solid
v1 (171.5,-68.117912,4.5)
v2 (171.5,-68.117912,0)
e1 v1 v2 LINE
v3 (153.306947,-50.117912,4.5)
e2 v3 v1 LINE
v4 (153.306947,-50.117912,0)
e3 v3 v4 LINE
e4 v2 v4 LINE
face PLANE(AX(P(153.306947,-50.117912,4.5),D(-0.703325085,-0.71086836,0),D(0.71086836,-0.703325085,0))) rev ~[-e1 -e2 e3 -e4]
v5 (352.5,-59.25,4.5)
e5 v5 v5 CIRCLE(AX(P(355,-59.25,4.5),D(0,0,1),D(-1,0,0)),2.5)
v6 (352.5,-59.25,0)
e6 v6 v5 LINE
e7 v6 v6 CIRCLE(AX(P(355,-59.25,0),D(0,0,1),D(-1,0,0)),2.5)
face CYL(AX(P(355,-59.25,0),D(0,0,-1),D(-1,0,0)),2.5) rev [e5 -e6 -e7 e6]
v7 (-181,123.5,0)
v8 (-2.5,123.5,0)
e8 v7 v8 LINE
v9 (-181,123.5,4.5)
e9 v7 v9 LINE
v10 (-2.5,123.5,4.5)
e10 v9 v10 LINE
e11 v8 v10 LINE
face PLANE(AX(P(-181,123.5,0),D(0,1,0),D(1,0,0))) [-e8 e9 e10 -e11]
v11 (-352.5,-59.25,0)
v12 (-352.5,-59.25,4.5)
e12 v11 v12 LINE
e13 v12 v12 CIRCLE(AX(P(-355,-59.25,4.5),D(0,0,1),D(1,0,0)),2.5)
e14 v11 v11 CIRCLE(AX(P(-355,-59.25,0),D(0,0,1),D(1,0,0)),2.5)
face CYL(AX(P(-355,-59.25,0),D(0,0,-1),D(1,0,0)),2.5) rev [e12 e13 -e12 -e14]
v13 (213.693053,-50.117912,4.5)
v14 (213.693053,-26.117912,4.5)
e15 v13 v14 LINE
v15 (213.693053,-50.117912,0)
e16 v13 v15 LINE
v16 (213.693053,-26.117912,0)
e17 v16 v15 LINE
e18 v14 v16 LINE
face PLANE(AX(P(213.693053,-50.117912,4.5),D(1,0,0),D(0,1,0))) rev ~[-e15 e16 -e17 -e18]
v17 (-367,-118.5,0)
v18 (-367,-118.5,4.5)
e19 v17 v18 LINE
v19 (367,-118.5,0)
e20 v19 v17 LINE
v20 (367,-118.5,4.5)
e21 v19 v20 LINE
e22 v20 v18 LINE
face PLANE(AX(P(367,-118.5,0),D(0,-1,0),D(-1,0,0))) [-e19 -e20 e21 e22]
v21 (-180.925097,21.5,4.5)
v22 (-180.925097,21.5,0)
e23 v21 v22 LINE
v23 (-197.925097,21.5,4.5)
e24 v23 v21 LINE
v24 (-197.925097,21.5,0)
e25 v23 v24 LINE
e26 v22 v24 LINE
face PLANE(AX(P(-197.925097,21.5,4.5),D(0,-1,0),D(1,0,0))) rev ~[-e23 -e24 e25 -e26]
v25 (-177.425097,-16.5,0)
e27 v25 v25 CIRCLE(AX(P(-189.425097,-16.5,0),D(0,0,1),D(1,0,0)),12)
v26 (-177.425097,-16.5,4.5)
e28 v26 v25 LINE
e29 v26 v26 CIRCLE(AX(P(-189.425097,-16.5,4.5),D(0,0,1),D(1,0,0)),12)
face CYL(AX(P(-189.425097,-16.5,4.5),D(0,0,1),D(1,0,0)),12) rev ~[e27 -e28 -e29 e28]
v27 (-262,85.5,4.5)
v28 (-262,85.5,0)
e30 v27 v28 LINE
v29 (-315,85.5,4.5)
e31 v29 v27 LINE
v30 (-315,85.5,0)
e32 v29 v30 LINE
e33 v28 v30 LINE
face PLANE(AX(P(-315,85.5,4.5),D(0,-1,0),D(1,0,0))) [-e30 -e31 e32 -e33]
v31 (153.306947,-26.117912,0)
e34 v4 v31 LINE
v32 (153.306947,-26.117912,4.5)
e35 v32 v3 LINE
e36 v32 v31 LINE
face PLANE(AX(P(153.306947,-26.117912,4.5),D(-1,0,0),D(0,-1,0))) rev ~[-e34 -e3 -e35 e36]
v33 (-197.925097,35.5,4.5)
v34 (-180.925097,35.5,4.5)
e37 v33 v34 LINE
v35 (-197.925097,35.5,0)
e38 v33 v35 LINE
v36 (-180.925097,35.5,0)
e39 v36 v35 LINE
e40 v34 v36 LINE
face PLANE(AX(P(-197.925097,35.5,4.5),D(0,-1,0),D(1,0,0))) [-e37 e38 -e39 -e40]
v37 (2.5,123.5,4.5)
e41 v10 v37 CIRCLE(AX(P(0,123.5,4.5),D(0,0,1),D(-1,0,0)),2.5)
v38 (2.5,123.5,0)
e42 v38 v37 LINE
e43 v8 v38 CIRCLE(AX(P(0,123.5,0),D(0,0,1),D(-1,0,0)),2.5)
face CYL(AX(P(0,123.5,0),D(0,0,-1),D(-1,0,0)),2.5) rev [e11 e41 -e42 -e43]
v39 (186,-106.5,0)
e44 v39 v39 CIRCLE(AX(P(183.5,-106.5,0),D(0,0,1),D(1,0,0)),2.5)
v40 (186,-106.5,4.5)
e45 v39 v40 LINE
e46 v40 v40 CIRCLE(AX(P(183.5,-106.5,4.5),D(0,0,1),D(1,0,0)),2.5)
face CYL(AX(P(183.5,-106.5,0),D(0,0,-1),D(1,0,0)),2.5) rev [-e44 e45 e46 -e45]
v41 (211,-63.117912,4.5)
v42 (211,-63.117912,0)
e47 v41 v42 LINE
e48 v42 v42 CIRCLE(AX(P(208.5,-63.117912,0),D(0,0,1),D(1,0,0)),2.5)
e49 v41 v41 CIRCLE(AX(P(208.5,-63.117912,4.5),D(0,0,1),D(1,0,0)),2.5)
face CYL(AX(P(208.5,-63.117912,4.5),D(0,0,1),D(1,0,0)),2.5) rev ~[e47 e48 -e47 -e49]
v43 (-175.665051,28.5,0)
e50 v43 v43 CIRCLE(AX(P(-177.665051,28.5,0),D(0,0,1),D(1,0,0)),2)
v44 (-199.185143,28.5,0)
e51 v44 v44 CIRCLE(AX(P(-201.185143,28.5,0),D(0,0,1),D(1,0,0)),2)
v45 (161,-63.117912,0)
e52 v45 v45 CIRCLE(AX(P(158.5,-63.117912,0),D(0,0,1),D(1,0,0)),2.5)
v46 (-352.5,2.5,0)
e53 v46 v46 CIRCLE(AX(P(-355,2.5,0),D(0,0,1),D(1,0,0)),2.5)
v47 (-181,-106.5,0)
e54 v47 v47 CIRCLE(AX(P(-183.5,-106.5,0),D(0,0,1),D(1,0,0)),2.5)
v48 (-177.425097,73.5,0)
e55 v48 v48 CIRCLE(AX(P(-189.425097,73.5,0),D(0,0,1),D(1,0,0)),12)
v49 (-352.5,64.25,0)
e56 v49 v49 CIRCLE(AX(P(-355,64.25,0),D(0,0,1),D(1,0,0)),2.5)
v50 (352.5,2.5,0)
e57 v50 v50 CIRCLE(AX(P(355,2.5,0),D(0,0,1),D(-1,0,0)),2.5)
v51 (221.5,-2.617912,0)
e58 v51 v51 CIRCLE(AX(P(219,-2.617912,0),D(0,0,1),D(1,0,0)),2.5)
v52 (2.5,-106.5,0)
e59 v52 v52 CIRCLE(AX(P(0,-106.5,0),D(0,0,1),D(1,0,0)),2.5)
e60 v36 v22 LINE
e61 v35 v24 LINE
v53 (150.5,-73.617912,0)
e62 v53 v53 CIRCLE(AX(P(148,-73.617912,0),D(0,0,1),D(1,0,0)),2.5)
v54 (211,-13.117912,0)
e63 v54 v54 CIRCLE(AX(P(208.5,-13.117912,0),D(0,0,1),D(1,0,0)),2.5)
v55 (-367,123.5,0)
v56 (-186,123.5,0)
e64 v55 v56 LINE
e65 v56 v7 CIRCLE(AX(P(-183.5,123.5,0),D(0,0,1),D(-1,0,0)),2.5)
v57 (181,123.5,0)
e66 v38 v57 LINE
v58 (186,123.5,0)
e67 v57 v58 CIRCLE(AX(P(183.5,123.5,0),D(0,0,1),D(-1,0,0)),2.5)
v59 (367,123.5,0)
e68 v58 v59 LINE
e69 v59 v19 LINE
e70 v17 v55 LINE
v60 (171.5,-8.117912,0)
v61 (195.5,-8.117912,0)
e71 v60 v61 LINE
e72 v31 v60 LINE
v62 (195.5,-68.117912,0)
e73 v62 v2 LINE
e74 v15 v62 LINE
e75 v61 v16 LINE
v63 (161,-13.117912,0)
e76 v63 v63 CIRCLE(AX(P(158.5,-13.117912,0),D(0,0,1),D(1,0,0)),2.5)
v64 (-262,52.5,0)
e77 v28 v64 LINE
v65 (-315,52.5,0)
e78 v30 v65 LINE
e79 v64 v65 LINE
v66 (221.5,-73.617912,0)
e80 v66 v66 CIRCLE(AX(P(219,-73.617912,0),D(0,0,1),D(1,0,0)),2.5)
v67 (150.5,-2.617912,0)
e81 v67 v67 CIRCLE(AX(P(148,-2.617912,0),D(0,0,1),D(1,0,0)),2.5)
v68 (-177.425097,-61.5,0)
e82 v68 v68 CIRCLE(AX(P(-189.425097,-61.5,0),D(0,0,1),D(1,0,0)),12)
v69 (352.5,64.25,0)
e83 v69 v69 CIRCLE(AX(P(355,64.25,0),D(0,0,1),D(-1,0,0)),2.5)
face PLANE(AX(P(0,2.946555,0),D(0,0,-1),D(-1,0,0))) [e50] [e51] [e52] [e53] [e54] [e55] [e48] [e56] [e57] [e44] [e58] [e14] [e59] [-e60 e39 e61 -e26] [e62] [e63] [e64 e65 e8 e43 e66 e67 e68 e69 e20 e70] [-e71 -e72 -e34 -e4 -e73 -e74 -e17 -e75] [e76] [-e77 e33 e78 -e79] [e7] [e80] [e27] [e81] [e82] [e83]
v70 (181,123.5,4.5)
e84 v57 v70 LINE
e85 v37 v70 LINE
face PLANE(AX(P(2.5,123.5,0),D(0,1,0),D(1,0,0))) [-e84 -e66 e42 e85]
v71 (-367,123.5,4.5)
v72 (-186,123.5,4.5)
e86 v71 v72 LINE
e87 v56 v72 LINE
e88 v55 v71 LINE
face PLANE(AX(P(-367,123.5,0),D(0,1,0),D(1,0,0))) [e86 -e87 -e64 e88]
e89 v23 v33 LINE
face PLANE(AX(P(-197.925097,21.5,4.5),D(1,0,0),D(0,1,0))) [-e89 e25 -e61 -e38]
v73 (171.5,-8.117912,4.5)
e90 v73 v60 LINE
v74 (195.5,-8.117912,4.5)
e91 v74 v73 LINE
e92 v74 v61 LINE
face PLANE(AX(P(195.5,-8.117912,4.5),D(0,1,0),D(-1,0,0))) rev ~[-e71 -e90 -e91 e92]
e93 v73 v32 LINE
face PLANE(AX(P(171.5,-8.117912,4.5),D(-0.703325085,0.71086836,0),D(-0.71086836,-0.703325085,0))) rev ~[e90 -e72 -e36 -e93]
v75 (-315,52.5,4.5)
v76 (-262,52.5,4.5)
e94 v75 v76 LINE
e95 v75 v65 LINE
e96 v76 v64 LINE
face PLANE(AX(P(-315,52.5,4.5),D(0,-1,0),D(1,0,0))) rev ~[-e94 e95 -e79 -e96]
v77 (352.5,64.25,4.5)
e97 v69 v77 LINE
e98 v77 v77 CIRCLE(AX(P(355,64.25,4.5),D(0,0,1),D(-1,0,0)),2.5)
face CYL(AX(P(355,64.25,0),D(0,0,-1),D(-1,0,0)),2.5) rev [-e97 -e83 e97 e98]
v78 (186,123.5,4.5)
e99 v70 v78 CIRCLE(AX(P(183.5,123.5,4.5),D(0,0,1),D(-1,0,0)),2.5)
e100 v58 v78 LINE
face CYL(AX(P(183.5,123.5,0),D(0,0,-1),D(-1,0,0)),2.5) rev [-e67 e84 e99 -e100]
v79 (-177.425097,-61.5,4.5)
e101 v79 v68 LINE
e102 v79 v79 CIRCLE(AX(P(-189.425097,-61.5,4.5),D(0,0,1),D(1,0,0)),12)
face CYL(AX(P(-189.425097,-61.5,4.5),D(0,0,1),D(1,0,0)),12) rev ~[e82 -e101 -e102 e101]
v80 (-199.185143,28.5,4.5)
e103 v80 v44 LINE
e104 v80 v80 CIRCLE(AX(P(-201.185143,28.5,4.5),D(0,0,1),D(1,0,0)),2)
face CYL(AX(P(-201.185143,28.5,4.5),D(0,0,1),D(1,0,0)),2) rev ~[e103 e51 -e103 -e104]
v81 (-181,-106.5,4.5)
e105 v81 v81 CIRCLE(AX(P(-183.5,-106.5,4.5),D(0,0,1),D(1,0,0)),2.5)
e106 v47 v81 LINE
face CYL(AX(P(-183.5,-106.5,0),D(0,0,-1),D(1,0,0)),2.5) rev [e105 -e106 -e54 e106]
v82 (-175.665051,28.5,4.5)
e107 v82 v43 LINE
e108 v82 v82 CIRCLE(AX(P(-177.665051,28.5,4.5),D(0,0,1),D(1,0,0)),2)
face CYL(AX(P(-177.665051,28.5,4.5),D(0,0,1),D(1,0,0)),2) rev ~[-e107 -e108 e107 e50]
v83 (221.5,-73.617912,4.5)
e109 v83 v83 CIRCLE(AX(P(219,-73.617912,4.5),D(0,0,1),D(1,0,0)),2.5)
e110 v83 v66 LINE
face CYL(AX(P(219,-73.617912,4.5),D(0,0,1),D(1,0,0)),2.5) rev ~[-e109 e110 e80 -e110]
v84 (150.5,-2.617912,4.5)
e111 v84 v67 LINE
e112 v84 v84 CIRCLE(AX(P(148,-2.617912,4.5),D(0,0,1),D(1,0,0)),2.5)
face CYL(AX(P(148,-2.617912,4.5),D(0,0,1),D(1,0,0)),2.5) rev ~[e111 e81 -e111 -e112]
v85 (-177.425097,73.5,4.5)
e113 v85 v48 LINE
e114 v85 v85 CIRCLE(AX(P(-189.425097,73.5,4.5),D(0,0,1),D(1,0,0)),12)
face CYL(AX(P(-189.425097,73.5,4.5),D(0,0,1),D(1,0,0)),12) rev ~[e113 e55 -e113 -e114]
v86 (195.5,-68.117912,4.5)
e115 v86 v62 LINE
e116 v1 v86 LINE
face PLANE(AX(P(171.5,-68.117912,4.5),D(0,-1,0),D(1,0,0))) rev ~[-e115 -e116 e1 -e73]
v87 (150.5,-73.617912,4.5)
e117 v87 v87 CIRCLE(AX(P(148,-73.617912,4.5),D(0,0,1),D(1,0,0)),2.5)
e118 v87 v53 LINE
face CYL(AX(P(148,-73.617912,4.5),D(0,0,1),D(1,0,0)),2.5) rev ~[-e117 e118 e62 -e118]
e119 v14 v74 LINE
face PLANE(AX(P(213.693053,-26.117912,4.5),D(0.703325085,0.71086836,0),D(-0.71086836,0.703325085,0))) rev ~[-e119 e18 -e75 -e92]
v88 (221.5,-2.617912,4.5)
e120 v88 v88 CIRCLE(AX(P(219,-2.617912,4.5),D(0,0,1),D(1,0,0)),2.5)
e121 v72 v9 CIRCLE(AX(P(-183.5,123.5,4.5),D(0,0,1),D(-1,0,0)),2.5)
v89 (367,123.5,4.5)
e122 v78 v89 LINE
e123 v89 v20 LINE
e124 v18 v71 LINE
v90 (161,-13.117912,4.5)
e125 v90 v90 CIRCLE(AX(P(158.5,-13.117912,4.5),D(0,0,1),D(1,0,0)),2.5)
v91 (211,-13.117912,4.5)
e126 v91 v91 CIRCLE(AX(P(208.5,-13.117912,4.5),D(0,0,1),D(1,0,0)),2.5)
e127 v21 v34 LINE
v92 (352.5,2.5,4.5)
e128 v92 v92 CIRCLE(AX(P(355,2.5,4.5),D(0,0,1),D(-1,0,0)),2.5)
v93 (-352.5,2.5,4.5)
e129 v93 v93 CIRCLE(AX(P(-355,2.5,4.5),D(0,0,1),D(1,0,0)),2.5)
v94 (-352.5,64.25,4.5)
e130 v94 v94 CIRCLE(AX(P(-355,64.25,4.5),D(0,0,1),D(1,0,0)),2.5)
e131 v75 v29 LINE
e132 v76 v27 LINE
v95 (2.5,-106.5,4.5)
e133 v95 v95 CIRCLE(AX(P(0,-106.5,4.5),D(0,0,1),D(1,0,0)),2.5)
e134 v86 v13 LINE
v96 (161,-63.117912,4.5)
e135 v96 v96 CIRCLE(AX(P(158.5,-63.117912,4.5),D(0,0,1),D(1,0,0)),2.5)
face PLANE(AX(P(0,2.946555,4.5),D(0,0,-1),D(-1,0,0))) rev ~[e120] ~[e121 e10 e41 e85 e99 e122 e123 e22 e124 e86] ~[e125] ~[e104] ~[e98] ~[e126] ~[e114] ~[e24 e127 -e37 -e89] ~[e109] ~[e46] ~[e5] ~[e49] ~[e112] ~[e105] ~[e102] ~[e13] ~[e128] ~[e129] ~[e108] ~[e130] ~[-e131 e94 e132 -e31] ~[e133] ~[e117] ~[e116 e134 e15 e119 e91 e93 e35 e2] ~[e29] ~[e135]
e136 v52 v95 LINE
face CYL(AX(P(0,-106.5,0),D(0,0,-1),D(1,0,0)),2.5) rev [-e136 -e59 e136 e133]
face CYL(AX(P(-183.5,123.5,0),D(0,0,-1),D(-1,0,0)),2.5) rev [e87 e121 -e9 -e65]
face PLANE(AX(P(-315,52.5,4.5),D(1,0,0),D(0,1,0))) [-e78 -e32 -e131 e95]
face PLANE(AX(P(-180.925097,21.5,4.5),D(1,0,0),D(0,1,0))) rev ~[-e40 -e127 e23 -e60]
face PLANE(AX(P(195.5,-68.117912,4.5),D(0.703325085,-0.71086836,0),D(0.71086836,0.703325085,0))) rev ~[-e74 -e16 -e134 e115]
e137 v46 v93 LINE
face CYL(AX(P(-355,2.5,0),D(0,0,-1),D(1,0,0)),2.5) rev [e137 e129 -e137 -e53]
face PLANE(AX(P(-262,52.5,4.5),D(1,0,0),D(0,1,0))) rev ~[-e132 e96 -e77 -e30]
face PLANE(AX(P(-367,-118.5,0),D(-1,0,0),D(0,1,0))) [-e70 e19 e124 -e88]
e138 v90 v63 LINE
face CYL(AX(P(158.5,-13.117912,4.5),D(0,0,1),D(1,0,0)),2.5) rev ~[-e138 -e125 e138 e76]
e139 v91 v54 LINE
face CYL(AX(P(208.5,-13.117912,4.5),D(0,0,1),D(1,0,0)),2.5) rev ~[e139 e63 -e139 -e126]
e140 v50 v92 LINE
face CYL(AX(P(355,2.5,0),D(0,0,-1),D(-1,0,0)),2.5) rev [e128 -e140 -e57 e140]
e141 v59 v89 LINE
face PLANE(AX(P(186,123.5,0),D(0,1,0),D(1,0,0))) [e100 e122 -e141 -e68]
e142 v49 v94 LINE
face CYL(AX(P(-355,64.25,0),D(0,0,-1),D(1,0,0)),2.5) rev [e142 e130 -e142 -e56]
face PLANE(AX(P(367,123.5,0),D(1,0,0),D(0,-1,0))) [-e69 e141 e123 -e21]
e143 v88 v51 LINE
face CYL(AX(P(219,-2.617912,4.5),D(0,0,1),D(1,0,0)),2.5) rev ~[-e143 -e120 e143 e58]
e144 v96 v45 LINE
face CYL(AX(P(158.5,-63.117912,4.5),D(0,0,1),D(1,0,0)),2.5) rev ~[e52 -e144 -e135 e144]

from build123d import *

# Parameters (mm, degrees)
SKETCH1_R           = 2.5
BOSS_EXTRUDE1_DEPTH = 4.5
SKETCH2_W           = 53
SKETCH2_H           = 33
SKETCH2_R           = 12
SKETCH2_R_2         = 2.5
CUT_EXTRUDE2_DEPTH  = 10
SKETCH2_6_R         = 2
SKETCH2_6_W         = 17
SKETCH2_6_H         = 14
CUT_EXTRUDE3_DEPTH  = 10


with BuildPart() as part:
    # Sketch1 → Boss-Extrude1 (new body)
    with BuildSketch(Plane.XY):
        with BuildLine():
            Line((-367, 123.5), (-186, 123.5))
            ThreePointArc((-186, 123.5), (-183.5, 121), (-181, 123.5))
            Line((-181, 123.5), (-2.5, 123.5))
            ThreePointArc((-2.5, 123.5), (0, 121), (2.5, 123.5))
            Line((2.5, 123.5), (181, 123.5))
            ThreePointArc((181, 123.5), (183.5, 121), (186, 123.5))
            Line((186, 123.5), (367, 123.5))
            Line((367, 123.5), (367, -118.5))
            Line((367, -118.5), (-367, -118.5))
            Line((-367, -118.5), (-367, 123.5))
        make_face()
        with Locations((-355, 2.5)):
            Circle(SKETCH1_R, mode=Mode.SUBTRACT)
        with Locations((-355, 64.25)):
            Circle(SKETCH1_R, mode=Mode.SUBTRACT)
        with Locations((-355, -59.25)):
            Circle(SKETCH1_R, mode=Mode.SUBTRACT)
        with Locations((355, -59.25)):
            Circle(SKETCH1_R, mode=Mode.SUBTRACT)
        with Locations((355, 2.5)):
            Circle(SKETCH1_R, mode=Mode.SUBTRACT)
        with Locations((355, 64.25)):
            Circle(SKETCH1_R, mode=Mode.SUBTRACT)
        with Locations((-183.5, -106.5)):
            Circle(SKETCH1_R, mode=Mode.SUBTRACT)
        with Locations((0, -106.5)):
            Circle(SKETCH1_R, mode=Mode.SUBTRACT)
        with Locations((183.5, -106.5)):
            Circle(SKETCH1_R, mode=Mode.SUBTRACT)
    extrude(amount=BOSS_EXTRUDE1_DEPTH)

    # Sketch2 → Cut-Extrude2 (cut)
    with BuildSketch(Plane.XY.offset(4.5)):
        with Locations((-288.5, 69)):
            Rectangle(SKETCH2_W, SKETCH2_H)
        with Locations((-189.425096945, 73.5)):
            Circle(SKETCH2_R)
        Polygon((195.5, -8.117912133), (171.5, -8.117912133), (153.306947094, -26.117912133), (153.306947094, -50.117912133), (171.5, -68.117912133), (195.5, -68.117912133), (213.693052906, -50.117912133), (213.693052906, -26.117912133), align=None)
        with Locations((-189.425096945, -16.5)):
            Circle(SKETCH2_R)
        with Locations((-189.425096945, -61.5)):
            Circle(SKETCH2_R)
        with Locations((208.5, -13.117912133)):
            Circle(SKETCH2_R_2)
        with Locations((208.5, -63.117912133)):
            Circle(SKETCH2_R_2)
        with Locations((158.5, -63.117912133)):
            Circle(SKETCH2_R_2)
        with Locations((158.5, -13.117912133)):
            Circle(SKETCH2_R_2)
        with Locations((219, -2.617912133)):
            Circle(SKETCH2_R_2)
        with Locations((219, -73.617912133)):
            Circle(SKETCH2_R_2)
        with Locations((148, -2.617912133)):
            Circle(SKETCH2_R_2)
        with Locations((148, -73.617912133)):
            Circle(SKETCH2_R_2)
    extrude(amount=-CUT_EXTRUDE2_DEPTH, mode=Mode.SUBTRACT)

    # Sketch2<6> → Cut-Extrude3 (cut)
    with BuildSketch(Plane.XY.offset(4.5)):
        with Locations((-201.185142567, 28.5)):
            Circle(SKETCH2_6_R)
        with Locations((-177.665051324, 28.5)):
            Circle(SKETCH2_6_R)
        with Locations((-189.425096945, 28.5)):
            Rectangle(SKETCH2_6_W, SKETCH2_6_H)
    extrude(amount=-CUT_EXTRUDE3_DEPTH, mode=Mode.SUBTRACT)


solid = part.part
